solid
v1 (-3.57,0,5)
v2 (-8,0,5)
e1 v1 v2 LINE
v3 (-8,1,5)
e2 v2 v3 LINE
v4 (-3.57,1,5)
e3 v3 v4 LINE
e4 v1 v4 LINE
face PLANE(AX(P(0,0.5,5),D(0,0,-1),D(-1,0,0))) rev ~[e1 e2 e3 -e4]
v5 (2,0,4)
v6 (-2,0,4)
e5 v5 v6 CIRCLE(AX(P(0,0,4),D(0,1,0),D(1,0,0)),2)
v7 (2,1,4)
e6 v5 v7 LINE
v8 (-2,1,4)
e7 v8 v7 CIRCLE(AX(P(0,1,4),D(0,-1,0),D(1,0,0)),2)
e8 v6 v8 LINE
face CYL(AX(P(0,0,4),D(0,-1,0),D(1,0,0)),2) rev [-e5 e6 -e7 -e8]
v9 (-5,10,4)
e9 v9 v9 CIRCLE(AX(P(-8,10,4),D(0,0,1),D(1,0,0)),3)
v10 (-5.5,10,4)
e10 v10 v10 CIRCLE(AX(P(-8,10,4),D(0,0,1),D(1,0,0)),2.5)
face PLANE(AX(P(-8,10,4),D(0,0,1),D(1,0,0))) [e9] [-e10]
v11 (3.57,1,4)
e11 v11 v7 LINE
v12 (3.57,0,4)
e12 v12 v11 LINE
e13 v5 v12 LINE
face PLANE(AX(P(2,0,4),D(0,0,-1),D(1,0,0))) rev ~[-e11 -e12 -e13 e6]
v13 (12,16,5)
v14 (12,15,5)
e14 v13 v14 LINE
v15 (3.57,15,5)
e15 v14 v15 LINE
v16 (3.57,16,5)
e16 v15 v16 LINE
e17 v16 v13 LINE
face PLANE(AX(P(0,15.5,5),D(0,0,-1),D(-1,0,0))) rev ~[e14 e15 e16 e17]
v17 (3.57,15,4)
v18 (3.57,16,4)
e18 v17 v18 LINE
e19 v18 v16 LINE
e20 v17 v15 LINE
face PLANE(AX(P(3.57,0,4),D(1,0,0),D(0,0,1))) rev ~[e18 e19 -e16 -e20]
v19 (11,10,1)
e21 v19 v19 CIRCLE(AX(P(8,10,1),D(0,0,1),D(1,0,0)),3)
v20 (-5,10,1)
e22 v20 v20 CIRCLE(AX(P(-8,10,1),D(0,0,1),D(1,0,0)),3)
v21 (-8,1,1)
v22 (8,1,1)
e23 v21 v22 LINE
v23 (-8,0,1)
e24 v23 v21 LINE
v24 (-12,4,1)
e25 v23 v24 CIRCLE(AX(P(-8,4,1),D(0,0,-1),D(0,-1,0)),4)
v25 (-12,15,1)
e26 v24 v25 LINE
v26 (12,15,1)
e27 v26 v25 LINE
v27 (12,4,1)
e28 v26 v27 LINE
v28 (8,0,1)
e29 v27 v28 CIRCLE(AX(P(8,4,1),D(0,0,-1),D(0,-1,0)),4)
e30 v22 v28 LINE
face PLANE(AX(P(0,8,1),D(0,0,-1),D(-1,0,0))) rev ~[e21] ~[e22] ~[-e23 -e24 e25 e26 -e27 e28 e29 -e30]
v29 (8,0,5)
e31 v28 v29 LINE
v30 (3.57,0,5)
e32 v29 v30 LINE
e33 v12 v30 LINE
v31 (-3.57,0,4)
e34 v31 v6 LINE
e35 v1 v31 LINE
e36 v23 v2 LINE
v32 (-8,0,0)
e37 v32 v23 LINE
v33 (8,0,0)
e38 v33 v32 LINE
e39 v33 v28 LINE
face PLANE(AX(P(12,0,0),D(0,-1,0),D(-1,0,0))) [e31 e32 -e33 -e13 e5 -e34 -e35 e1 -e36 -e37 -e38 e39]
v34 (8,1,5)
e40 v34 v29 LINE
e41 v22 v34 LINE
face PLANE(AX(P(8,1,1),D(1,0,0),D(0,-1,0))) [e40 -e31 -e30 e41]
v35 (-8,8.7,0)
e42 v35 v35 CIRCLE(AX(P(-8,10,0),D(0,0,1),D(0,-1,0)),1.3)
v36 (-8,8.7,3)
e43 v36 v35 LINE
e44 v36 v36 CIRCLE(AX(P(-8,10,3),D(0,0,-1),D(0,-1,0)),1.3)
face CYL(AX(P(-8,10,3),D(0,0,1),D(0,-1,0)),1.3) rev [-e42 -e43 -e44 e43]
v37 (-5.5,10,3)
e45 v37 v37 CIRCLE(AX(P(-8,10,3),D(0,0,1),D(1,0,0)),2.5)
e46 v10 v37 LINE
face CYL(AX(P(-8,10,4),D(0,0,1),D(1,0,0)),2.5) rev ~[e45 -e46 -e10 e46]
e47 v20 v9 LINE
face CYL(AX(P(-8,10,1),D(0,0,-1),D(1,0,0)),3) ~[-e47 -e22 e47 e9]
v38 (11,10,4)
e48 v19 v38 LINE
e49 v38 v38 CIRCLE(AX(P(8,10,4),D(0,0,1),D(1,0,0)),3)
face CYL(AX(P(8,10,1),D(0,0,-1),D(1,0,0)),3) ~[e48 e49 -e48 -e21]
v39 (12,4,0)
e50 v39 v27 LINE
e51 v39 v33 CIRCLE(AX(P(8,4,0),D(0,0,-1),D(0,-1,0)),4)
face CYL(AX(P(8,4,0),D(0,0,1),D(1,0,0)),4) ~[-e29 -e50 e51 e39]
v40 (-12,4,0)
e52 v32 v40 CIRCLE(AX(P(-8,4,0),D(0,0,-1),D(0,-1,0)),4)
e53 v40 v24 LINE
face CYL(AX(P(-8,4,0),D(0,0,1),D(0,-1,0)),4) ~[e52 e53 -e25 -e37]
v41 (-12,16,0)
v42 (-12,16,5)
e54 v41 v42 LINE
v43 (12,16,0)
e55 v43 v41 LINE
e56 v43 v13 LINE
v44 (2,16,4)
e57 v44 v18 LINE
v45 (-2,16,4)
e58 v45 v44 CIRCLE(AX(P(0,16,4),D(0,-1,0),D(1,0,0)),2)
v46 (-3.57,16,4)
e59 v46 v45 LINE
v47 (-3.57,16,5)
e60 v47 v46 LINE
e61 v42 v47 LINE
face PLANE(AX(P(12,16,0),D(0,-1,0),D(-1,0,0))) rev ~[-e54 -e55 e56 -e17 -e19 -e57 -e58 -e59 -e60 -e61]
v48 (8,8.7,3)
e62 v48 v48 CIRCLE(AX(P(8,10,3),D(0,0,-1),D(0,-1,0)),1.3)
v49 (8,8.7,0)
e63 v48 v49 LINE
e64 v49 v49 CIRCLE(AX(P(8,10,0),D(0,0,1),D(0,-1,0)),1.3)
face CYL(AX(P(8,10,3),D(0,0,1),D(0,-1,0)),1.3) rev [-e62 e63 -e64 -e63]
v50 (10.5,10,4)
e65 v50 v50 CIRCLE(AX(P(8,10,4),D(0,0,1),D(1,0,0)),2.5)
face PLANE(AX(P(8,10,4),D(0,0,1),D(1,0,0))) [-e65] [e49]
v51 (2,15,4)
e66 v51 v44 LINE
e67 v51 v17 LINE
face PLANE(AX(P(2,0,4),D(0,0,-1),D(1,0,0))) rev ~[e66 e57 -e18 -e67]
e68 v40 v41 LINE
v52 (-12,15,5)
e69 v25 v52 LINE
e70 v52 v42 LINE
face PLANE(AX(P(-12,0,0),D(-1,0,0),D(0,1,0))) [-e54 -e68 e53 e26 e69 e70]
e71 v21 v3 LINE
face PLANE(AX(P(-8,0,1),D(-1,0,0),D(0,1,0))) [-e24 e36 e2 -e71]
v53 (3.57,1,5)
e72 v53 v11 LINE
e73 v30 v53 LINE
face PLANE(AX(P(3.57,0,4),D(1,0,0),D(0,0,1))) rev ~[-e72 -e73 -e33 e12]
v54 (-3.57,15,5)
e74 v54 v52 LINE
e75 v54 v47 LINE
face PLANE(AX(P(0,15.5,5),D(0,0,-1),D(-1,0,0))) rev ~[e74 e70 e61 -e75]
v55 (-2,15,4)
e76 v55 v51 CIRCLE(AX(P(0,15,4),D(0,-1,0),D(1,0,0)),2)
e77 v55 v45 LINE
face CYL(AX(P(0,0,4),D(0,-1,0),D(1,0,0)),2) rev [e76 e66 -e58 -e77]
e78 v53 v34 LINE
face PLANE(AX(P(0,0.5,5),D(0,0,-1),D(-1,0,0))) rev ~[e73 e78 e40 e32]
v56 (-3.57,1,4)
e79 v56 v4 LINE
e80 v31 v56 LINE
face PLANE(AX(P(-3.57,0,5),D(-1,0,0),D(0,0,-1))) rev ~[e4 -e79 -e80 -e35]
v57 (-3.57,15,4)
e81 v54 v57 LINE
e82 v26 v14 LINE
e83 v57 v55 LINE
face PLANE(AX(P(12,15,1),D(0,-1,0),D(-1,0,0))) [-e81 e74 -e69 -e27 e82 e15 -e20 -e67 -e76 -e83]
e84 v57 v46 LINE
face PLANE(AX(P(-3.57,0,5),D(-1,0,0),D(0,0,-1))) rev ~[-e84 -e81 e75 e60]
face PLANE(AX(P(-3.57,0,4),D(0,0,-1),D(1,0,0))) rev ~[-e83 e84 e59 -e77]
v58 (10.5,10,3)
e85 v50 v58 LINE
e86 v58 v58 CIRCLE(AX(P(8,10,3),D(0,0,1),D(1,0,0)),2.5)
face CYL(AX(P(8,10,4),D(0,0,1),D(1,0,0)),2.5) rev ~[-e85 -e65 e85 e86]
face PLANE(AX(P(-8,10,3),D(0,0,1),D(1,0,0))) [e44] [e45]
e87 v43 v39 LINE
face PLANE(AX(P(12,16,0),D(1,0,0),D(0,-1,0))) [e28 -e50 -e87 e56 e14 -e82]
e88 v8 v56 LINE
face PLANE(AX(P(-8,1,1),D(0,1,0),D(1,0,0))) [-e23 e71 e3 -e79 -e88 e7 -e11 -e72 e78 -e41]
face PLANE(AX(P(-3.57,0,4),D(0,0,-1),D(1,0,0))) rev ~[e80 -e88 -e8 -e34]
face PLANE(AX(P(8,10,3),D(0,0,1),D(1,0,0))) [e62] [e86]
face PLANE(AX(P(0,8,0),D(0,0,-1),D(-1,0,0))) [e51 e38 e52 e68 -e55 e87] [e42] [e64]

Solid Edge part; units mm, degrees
sketch "Sketch1" plane through (0, 0, 0) normal (0, 0, 1) x (1, 0, 0)
  line L0 (12, 16) -> (12, 0)
  line L1 (12, 0) -> (-12, 0)
  line L2 (-12, 0) -> (-12, 16)
  line L3 (12, 16) -> (-12, 16)
  dimension "D1" = 24
  dimension "D2" = 16
extrude "Protrusion1" add sketch "Sketch1" along normal blind 1
sketch "Sketch2" plane through (0, 10, 1) normal (0, 0, 1) x (1, 0, 0)
  circle A0 centre (8, 0) radius 3
  circle A1 centre (-8, 0) radius 3
  dimension "D1" = 4
  dimension "D2" = 6
  dimension "D3" = 6
  dimension "D4" = 16
extrude "Screwholes" add sketch "Sketch2" along normal blind 3
sketch "Sketch3" plane through (-7.5, 10, 4) normal (0, 0, 1) x (1, 0, 0)
  circle A0 centre (-0.5, 0) radius 2.5
  circle A1 centre (15.5, 0) radius 2.5
  dimension "D1" = 5
extrude "Cutout___Holes" cut sketch "Sketch3" against normal blind 1
hole "Hole1" at (-8, 10, 3) direction (0, 0, -1) diameter 2.6 end up to next
hole "Hole2" at (8, 10, 3) direction (0, 0, -1) diameter 2.6 end up to next
sketch "Sketch4" plane through (0, 10, 1) normal (0, 0, 1) x (1, 0, 0)
  line L0 (-8, -10) -> (-8, -9)
  line L1 (-8, -9) -> (8, -9)
  line L2 (8, -9) -> (8, -10)
  line L3 (8, -10) -> (-8, -10)
  line L4 (12, 6) -> (12, 5)
  line L5 (12, 5) -> (-12, 5)
  line L6 (-12, 5) -> (-12, 6)
  line L7 (-12, 6) -> (12, 6)
  dimension "D1" = 4
  dimension "D2" = 1
  dimension "D3" = 1
extrude "Walls" add sketch "Sketch4" along normal blind 4
sketch "Sketch5" plane through (0, 0, 2.5) normal (0, -1, 0) x (1, 0, 0)
  line L0 (2, 1.5) -> (3.57, 1.5)
  line L1 (3.57, 1.5) -> (3.57, 2.5)
  line L2 (-3.57, 2.5) -> (3.57, 2.5)
  line L3 (-3.57, 2.5) -> (-3.57, 1.5)
  line L4 (-3.57, 1.5) -> (-2, 1.5)
  arc A0 (2, 1.5) -> (-2, 1.5) centre (0, 1.5) cw
  dimension "D1" = 4
  dimension "D2" = 7.14
  dimension "D3" = 3.57
  dimension "D4" = 1
extrude "Cutout1" cut sketch "Sketch5" against normal through all
fillet "Round___body" radius 4 2 edges at (12, 0, 0.5) (-12, 0, 0.5)
properties material "ABS Plastic, high impact"
